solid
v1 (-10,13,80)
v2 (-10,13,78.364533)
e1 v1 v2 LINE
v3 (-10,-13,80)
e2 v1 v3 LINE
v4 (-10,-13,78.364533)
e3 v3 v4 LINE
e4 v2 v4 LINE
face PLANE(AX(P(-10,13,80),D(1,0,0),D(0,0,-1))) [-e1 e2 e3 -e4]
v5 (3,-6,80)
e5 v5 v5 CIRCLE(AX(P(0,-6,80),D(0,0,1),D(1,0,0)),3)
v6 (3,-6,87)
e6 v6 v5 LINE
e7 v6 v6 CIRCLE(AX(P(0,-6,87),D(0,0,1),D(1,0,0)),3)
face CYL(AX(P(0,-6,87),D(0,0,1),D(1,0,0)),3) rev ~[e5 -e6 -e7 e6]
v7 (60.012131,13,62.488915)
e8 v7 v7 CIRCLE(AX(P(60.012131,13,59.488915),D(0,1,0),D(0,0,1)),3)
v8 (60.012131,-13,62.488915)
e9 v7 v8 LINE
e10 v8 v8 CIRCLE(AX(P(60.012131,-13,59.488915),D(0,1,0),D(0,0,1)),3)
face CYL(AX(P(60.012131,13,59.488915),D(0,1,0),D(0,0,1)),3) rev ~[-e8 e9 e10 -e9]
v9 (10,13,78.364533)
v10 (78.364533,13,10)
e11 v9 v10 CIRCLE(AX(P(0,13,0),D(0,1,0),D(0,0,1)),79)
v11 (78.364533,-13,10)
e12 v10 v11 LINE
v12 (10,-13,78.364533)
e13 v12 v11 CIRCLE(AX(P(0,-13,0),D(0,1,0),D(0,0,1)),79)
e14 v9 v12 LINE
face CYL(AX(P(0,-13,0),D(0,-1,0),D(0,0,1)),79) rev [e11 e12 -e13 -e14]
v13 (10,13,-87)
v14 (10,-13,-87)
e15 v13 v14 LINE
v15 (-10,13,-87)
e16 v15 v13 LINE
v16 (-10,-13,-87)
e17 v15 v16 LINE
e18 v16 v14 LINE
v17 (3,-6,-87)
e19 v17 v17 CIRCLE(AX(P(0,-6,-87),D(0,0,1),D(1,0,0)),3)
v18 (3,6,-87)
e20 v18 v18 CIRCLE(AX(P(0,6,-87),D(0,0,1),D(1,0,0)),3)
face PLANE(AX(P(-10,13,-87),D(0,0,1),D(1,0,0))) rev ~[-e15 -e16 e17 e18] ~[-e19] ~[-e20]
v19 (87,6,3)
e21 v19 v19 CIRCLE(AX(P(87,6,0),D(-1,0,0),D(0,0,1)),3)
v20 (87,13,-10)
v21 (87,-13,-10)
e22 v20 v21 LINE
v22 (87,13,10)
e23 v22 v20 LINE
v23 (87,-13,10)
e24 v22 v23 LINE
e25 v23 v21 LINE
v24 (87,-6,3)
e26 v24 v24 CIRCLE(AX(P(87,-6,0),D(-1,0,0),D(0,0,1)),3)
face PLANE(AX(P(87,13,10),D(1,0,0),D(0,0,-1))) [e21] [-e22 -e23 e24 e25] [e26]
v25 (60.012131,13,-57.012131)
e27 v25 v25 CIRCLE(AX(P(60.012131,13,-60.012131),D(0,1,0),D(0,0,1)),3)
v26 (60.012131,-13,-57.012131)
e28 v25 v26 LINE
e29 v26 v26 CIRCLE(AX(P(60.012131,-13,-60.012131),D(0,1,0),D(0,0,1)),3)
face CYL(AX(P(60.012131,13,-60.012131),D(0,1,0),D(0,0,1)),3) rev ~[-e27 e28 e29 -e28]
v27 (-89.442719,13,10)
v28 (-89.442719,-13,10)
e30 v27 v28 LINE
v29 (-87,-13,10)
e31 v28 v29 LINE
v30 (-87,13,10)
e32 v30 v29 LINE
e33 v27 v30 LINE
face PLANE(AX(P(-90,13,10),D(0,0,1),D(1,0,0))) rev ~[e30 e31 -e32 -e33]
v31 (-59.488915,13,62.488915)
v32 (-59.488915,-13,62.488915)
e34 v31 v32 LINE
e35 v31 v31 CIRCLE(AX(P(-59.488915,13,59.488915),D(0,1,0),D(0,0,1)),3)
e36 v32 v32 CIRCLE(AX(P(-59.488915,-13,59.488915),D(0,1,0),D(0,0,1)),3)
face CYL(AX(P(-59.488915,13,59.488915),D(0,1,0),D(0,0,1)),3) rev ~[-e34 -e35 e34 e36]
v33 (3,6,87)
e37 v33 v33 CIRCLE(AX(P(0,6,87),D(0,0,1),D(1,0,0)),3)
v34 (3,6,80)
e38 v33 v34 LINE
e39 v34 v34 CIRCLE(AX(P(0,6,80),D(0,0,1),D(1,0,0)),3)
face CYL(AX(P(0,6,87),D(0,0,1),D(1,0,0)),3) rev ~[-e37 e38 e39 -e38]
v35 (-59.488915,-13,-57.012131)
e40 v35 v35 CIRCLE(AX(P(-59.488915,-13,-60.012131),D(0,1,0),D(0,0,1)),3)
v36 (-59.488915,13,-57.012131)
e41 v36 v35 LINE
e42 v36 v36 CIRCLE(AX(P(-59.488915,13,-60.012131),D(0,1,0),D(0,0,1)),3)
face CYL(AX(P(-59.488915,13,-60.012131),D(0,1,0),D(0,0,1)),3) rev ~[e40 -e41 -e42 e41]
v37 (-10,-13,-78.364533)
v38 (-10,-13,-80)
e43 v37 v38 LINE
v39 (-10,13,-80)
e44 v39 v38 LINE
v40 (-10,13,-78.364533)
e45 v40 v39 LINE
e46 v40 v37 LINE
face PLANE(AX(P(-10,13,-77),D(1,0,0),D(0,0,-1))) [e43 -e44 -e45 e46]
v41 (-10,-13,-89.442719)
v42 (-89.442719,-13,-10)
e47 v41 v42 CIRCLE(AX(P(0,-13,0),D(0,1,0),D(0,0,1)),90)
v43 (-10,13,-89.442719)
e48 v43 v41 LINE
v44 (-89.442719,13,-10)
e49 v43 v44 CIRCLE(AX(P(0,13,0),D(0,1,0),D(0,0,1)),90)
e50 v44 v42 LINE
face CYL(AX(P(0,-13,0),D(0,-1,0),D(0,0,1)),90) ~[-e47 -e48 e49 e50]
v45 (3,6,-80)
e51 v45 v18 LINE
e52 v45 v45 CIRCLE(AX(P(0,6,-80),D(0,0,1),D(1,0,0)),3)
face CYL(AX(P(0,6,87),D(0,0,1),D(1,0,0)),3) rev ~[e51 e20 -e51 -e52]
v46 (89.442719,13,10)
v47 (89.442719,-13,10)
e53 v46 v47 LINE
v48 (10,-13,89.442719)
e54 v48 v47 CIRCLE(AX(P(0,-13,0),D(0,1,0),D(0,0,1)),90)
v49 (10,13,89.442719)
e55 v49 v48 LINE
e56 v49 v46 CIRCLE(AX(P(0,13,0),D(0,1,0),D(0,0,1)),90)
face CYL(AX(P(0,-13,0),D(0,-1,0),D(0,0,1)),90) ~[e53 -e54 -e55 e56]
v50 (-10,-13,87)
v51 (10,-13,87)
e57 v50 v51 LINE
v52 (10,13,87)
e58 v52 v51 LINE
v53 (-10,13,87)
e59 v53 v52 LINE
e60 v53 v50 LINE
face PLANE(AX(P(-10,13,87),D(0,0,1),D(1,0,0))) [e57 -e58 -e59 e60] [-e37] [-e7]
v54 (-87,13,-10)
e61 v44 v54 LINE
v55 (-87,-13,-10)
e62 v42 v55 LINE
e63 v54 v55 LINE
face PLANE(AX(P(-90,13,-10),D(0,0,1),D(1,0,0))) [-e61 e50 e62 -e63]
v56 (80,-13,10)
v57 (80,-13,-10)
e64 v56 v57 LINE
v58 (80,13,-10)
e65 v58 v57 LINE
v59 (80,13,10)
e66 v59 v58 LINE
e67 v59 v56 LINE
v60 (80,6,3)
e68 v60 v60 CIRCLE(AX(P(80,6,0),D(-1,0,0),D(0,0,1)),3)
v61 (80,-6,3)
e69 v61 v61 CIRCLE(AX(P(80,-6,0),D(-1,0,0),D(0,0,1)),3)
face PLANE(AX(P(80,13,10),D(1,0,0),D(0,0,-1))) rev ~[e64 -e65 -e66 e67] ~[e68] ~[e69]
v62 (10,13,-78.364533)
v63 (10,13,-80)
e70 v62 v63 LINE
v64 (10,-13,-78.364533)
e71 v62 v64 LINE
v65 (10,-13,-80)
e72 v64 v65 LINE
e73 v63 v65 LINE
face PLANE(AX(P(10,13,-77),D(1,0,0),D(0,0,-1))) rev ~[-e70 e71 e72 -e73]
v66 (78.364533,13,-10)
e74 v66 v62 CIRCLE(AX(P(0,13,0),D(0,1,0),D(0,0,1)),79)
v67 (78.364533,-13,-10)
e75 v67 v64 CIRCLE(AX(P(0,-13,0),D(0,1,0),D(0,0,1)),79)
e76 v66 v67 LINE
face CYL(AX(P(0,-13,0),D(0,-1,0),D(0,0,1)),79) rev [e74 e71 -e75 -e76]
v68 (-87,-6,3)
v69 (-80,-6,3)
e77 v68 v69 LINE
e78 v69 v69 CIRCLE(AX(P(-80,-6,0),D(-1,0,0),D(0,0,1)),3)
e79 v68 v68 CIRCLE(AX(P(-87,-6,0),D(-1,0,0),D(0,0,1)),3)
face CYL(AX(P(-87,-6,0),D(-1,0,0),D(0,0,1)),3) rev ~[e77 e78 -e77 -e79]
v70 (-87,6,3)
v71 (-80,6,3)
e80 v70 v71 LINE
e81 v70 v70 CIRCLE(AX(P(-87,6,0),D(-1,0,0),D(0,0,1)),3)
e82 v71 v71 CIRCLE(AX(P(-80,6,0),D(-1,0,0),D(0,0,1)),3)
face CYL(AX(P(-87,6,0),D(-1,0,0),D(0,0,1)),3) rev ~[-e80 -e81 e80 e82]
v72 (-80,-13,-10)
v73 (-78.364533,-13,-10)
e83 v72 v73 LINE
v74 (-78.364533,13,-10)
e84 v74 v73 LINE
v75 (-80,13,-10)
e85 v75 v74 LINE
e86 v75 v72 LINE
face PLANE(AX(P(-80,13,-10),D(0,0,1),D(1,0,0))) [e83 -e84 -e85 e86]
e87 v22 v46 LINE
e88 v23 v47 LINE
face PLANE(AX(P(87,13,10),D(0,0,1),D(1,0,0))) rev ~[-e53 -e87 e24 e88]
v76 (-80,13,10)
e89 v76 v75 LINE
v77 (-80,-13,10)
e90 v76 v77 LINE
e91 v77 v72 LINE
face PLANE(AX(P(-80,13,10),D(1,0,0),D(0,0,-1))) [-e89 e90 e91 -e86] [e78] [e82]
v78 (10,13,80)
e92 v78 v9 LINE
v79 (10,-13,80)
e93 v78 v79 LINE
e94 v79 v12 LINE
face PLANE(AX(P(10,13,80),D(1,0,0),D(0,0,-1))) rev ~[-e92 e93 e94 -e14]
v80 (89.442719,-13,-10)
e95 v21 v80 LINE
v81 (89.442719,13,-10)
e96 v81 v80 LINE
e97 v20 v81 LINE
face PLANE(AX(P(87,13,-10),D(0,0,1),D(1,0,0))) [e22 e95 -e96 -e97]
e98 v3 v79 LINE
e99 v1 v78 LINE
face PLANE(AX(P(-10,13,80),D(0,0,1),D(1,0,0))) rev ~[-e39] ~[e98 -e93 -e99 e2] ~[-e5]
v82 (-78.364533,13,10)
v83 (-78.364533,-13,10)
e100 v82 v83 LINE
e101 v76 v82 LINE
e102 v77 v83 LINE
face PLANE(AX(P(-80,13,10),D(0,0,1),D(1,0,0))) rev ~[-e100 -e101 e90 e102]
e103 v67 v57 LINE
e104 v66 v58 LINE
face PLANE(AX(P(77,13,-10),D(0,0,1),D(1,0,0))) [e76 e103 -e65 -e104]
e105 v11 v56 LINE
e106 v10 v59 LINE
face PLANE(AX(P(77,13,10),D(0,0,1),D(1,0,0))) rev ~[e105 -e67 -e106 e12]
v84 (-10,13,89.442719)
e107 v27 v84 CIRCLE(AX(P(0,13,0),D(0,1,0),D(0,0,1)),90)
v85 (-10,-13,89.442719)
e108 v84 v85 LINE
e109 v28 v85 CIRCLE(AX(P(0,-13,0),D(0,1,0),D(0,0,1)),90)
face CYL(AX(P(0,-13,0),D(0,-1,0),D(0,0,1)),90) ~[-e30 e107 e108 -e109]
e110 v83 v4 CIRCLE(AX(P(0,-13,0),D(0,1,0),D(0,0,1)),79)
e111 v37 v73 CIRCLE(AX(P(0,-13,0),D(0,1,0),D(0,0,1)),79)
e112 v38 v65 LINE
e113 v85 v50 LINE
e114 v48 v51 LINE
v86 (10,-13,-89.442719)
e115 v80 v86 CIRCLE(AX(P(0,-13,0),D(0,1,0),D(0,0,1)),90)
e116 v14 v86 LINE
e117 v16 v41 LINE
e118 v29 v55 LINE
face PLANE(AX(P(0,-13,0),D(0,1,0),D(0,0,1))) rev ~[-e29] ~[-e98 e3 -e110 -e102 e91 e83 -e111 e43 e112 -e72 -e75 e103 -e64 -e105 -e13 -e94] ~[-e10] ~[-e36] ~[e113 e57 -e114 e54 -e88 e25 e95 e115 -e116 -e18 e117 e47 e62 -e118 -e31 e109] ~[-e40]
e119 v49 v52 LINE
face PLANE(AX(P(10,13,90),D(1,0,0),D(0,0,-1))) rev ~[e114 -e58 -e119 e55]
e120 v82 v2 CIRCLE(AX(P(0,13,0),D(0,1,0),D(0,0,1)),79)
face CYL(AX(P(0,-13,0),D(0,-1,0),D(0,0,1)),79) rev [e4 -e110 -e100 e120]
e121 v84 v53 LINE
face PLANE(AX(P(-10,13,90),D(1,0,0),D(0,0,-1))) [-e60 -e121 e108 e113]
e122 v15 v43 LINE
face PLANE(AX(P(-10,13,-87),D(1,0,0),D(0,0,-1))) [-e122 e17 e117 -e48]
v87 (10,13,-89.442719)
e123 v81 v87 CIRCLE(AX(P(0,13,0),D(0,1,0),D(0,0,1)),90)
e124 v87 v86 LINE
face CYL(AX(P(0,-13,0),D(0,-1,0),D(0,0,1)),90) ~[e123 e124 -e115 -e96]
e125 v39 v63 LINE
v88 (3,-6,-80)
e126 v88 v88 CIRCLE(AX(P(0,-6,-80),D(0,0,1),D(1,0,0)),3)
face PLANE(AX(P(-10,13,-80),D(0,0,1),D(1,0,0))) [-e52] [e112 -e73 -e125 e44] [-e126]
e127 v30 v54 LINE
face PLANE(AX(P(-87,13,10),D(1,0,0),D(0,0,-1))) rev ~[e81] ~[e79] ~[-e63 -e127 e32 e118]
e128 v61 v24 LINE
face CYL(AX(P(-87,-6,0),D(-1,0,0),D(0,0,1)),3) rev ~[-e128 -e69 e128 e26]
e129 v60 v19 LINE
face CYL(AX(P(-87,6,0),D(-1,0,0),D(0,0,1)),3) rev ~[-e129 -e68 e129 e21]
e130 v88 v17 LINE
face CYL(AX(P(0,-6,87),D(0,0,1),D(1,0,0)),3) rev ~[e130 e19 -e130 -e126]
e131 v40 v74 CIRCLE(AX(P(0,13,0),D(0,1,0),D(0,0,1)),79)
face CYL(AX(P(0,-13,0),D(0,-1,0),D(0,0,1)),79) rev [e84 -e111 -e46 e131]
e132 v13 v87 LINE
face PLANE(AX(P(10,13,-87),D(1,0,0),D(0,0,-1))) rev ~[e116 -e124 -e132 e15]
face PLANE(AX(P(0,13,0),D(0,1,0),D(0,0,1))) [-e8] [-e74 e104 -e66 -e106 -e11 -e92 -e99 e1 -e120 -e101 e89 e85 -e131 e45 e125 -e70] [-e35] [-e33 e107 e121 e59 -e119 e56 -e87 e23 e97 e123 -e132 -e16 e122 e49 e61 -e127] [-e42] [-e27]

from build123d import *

# Parameters (mm, degrees)
BOSS_EXTRUDE1_DEPTH      = 13
BOSS_EXTRUDE1_DEPTH_BACK = 13
SKETCH1_R                = 90
SKETCH1_R_2              = 79
SKETCH5_R                = 3
CUT_EXTRUDE3_DEPTH       = 130.907659512
SKETCH6_W                = 20
SKETCH6_H                = 3
SKETCH6_W_2              = 3
SKETCH6_H_2              = 20
CUT_EXTRUDE4_DEPTH       = 130.907659512
SKETCH7_R                = 3
CUT_EXTRUDE5_DEPTH       = 199.244881708
SKETCH12_R               = 3
CUT_EXTRUDE8_DEPTH       = 199.244881715
SKETCH13_W               = 20
SKETCH13_H               = 3
SKETCH13_W_2             = 3
SKETCH13_H_2             = 20
CUT_EXTRUDE9_DEPTH       = 130.135587679


with BuildPart() as part:
    # Sketch1 → Boss-Extrude1 (new, two sides: drawn at the far end of the back side and taken through both)
    with BuildSketch(Plane(origin=(0, 0, 0), x_dir=(1, 0, 0), z_dir=(0, 1, 0)).offset(-BOSS_EXTRUDE1_DEPTH_BACK)):
        Circle(SKETCH1_R)
        Circle(SKETCH1_R_2, mode=Mode.SUBTRACT)
    extrude(amount=BOSS_EXTRUDE1_DEPTH + BOSS_EXTRUDE1_DEPTH_BACK)

    # Sketch5 → Cut-Extrude3 (cut, through all)
    with BuildSketch(Plane(origin=(0, 13, 0), x_dir=(1, 0, 0), z_dir=(0, 1, 0))):
        with Locations((60.012131098, 60.012131098)):
            Circle(SKETCH5_R)
        with Locations((60.012131098, -59.488914922)):
            Circle(SKETCH5_R)
        with Locations((-59.488914922, -59.488914922)):
            Circle(SKETCH5_R)
        with Locations((-59.488914922, 60.012131098)):
            Circle(SKETCH5_R)
    extrude(amount=-CUT_EXTRUDE3_DEPTH, mode=Mode.SUBTRACT)

    # Sketch6 → Cut-Extrude4 (cut, through all)
    with BuildSketch(Plane(origin=(0, 13, 0), x_dir=(1, 0, 0), z_dir=(0, 1, 0))):
        with Locations((0, -88.5)):
            Rectangle(SKETCH6_W, SKETCH6_H)
        with Locations((0, 88.5)):
            Rectangle(SKETCH6_W, SKETCH6_H)
        with Locations((88.5, 0)):
            Rectangle(SKETCH6_W_2, SKETCH6_H_2)
        with Locations((-88.5, 0)):
            Rectangle(SKETCH6_W_2, SKETCH6_H_2)
    extrude(amount=-CUT_EXTRUDE4_DEPTH, mode=Mode.SUBTRACT)

    # Sketch7 → Cut-Extrude5 (cut, through all)
    with BuildSketch(Plane.ZY.offset(87)):
        with Locations((0, 6)):
            Circle(SKETCH7_R)
        with Locations((0, -6)):
            Circle(SKETCH7_R)
    extrude(amount=-CUT_EXTRUDE5_DEPTH, mode=Mode.SUBTRACT)

    # Sketch12 → Cut-Extrude8 (cut, through all)
    with BuildSketch(Plane.XY.offset(87)):
        with Locations((0, 6)):
            Circle(SKETCH12_R)
        with Locations((0, -6)):
            Circle(SKETCH12_R)
    extrude(amount=-CUT_EXTRUDE8_DEPTH, mode=Mode.SUBTRACT)

    # Sketch13 → Cut-Extrude9 (cut, through all)
    with BuildSketch(Plane(origin=(0, 13, 0), x_dir=(1, 0, 0), z_dir=(0, 1, 0))):
        with Locations((0, -78.5)):
            Rectangle(SKETCH13_W, SKETCH13_H)
        with Locations((0, 78.5)):
            Rectangle(SKETCH13_W, SKETCH13_H)
        with Locations((-78.5, 0)):
            Rectangle(SKETCH13_W_2, SKETCH13_H_2)
        with Locations((78.5, 0)):
            Rectangle(SKETCH13_W_2, SKETCH13_H_2)
    extrude(amount=-CUT_EXTRUDE9_DEPTH, mode=Mode.SUBTRACT)


solid = part.part
